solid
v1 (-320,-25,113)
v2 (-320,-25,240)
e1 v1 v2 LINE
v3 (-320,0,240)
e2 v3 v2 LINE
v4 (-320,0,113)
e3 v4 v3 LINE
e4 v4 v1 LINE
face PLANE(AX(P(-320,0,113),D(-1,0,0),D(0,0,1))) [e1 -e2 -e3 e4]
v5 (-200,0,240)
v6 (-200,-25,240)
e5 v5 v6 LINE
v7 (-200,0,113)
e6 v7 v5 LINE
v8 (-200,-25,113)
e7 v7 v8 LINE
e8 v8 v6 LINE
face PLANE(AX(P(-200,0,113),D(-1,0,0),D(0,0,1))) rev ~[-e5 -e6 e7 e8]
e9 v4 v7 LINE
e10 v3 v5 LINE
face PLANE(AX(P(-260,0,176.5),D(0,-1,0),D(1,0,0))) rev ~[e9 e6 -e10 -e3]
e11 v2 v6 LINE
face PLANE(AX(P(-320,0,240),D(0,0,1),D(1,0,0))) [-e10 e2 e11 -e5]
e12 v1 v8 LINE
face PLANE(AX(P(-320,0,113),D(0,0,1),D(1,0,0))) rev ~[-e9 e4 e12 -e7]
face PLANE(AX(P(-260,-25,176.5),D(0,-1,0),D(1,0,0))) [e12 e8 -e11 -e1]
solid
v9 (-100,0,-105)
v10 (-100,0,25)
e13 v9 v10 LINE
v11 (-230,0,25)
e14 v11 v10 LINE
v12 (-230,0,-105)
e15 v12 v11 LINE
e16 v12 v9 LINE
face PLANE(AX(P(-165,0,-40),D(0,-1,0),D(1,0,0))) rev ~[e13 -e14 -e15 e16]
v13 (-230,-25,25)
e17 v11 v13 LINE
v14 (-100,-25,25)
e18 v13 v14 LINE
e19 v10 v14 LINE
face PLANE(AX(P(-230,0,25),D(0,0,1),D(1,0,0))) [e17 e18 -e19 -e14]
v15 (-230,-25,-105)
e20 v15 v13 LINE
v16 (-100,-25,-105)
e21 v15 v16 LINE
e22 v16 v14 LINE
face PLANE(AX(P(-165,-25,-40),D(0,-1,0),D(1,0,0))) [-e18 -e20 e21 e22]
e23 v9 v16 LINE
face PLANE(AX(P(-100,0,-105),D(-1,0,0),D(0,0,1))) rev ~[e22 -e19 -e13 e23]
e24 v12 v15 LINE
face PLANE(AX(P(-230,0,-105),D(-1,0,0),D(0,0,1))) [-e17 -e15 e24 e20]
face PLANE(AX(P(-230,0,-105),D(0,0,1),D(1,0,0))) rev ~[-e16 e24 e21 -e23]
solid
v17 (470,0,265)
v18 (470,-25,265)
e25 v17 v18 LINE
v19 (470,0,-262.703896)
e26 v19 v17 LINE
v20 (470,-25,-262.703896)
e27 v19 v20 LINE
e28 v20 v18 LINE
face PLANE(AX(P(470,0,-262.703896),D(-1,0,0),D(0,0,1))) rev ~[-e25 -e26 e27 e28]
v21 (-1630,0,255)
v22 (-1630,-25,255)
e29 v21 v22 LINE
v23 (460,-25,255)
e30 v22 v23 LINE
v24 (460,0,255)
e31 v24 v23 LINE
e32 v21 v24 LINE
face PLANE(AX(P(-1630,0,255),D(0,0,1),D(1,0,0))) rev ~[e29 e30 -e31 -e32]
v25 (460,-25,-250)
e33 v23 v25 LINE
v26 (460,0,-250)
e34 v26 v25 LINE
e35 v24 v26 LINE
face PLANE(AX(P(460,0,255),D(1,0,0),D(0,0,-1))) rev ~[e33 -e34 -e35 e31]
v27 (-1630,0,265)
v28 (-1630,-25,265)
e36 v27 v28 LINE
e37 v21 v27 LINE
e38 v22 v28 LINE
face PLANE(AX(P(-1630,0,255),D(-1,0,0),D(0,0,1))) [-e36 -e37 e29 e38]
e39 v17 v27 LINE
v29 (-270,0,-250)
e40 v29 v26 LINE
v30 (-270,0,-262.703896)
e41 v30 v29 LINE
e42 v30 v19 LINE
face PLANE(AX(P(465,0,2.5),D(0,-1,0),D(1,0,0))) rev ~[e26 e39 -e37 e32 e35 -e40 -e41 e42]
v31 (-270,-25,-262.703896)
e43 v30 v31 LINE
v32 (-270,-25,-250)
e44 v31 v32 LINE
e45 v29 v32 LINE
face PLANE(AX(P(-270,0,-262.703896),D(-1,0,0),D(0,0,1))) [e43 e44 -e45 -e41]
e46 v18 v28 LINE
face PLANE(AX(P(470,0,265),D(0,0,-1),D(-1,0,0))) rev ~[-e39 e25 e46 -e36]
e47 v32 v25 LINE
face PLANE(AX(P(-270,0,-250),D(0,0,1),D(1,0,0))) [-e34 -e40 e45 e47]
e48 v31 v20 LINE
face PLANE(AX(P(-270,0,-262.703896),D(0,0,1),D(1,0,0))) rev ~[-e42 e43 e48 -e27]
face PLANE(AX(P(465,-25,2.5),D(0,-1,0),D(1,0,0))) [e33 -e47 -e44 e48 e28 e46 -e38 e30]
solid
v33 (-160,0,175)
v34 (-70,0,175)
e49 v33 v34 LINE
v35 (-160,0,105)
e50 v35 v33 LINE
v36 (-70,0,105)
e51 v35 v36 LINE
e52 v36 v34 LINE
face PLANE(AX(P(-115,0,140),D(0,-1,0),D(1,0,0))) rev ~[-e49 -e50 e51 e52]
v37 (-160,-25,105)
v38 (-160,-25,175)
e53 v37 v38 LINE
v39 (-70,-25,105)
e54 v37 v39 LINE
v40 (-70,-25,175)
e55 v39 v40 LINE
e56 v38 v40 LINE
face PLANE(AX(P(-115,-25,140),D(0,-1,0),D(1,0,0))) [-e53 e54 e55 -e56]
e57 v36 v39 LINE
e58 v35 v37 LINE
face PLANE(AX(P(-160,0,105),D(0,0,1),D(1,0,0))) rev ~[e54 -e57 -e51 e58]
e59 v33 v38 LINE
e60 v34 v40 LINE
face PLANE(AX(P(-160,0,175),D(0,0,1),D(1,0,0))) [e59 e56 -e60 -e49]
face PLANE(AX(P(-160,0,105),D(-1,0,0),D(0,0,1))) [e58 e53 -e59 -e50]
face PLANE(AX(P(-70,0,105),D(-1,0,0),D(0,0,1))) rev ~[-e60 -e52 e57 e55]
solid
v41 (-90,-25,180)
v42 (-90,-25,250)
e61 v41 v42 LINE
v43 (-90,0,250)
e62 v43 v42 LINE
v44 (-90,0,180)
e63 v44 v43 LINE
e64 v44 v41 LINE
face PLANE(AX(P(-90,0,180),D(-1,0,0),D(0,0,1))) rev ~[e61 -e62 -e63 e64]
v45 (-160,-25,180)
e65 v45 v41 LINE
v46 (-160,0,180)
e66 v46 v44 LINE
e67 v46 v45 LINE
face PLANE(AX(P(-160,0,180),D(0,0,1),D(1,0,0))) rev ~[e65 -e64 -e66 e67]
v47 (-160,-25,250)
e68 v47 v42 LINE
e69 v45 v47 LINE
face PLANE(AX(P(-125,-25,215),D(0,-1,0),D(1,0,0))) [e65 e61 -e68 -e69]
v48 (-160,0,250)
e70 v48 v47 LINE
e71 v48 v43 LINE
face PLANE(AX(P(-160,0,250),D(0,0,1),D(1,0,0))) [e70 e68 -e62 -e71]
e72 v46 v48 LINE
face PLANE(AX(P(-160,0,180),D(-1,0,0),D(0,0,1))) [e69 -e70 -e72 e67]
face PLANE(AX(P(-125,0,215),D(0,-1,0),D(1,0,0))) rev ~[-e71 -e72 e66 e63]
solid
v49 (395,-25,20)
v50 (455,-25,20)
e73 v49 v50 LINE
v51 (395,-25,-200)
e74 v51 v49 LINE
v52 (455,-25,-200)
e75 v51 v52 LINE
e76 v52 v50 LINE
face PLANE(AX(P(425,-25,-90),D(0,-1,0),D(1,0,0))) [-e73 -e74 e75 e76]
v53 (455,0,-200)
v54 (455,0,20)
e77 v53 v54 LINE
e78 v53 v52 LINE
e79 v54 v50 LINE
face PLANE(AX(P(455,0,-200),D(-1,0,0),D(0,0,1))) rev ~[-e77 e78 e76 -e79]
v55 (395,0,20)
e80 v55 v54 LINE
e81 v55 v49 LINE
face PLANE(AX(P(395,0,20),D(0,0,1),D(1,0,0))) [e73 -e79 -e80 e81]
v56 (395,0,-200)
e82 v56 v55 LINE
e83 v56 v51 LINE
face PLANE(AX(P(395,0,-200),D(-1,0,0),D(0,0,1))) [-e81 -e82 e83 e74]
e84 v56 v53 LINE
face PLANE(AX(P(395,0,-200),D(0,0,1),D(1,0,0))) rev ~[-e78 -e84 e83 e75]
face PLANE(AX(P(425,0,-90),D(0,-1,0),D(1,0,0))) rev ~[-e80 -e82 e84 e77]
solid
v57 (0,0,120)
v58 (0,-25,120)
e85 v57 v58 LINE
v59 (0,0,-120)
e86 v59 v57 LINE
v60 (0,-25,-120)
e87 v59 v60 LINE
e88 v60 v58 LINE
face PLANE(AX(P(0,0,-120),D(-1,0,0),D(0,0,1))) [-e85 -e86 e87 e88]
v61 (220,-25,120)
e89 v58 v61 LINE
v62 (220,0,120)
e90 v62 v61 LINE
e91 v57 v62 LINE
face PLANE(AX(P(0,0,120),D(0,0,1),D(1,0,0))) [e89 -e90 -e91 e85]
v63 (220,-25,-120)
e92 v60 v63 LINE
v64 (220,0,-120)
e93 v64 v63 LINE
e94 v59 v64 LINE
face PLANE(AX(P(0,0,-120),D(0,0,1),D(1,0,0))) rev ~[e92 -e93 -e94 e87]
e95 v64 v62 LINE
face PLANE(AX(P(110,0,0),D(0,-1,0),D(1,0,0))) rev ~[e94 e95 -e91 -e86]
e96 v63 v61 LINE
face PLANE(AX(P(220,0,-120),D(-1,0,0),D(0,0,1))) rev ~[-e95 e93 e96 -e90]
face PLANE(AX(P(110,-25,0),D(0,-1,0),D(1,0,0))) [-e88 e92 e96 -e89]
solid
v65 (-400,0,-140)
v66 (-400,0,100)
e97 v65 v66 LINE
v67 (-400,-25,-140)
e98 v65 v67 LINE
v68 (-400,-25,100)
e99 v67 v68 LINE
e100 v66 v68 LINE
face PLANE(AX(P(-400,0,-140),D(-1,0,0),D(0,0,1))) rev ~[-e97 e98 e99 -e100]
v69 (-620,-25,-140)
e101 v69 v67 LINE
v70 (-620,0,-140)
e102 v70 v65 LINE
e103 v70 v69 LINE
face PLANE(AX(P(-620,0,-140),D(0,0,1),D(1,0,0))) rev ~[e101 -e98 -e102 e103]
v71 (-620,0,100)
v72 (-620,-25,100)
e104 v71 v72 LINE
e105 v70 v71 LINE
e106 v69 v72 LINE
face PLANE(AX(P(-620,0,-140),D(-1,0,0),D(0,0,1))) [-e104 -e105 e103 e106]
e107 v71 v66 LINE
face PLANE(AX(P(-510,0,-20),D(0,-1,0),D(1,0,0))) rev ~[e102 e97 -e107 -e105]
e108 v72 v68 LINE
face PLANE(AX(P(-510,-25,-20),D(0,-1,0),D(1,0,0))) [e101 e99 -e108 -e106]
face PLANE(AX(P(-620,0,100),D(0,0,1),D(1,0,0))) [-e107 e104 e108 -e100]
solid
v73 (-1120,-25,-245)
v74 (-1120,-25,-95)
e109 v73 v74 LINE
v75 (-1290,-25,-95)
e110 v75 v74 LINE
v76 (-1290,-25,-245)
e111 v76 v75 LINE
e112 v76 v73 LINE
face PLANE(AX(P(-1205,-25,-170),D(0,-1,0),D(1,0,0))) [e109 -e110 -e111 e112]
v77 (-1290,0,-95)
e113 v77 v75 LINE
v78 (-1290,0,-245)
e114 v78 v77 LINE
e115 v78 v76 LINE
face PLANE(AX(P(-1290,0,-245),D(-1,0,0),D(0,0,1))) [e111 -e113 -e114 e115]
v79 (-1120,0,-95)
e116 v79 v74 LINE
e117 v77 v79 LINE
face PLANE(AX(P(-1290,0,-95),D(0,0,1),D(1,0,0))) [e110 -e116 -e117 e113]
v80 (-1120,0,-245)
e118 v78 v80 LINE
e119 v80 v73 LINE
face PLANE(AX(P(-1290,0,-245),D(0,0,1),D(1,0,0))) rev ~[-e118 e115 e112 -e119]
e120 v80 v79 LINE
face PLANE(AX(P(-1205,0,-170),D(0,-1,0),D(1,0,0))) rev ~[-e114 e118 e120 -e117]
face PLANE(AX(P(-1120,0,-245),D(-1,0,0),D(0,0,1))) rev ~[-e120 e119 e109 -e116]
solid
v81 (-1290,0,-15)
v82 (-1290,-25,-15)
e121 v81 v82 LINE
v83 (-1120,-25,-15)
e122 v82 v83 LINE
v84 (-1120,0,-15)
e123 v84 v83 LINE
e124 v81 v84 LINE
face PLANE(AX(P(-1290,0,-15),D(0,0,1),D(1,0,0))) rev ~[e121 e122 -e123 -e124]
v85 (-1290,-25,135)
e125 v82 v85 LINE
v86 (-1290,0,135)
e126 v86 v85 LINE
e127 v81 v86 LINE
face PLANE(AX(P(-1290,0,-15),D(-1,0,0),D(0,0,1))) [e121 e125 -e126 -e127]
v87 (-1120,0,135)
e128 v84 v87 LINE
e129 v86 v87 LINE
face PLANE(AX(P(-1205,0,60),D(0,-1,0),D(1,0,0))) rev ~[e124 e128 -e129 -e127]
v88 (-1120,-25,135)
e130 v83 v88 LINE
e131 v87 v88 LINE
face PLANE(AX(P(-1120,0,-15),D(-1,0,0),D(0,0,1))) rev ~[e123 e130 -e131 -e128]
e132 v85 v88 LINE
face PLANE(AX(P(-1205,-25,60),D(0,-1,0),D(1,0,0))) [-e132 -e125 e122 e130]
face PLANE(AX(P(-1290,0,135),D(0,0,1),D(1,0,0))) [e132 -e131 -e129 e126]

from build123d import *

# Parameters (mm, degrees)
F0_W     = 220
F0_H     = 240
F0_W_2   = 10
F0_H_2   = 505
F0_H_3   = 10
F0_W_3   = 2090
F0_H_4   = 12.703896
F0_W_4   = 730
F0_W_5   = 130
F0_H_5   = 130
F0_W_6   = 120
F0_H_6   = 127
F0_W_7   = 90
F0_H_7   = 70
F0_W_8   = 70
F0_W_9   = 60
F0_H_8   = 220
F0_W_10  = 170
F0_H_9   = 150
F1_DEPTH = 25


with BuildPart() as f1:
    # F0 (on Front) → F1 (new body)
    with BuildSketch(Plane.XZ):
        with Locations((110, 0)):
            Rectangle(F0_W, F0_H)
        with Locations((465, 2.5)):
            Rectangle(F0_W_2, F0_H_2)
        with Locations((465, 260)):
            Rectangle(F0_W_2, F0_H_3)
        with Locations((-585, 260)):
            Rectangle(F0_W_3, F0_H_3)
        with Locations((465, -256.351948)):
            Rectangle(F0_W_2, F0_H_4)
        with Locations((95, -256.351948)):
            Rectangle(F0_W_4, F0_H_4)
        with Locations((-165, -40)):
            Rectangle(F0_W_5, F0_H_5)
        with Locations((-260, 176.5)):
            Rectangle(F0_W_6, F0_H_6)
        with Locations((-115, 140)):
            Rectangle(F0_W_7, F0_H_7)
        with Locations((-125, 215)):
            Rectangle(F0_W_8, F0_H_7)
        with Locations((425, -90)):
            Rectangle(F0_W_9, F0_H_8)
        with Locations((-510, -20)):
            Rectangle(F0_W, F0_H)
        with Locations((-1205, 60)):
            Rectangle(F0_W_10, F0_H_9)
        with Locations((-1205, -170)):
            Rectangle(F0_W_10, F0_H_9)
    extrude(amount=F1_DEPTH)


solid = f1.part
